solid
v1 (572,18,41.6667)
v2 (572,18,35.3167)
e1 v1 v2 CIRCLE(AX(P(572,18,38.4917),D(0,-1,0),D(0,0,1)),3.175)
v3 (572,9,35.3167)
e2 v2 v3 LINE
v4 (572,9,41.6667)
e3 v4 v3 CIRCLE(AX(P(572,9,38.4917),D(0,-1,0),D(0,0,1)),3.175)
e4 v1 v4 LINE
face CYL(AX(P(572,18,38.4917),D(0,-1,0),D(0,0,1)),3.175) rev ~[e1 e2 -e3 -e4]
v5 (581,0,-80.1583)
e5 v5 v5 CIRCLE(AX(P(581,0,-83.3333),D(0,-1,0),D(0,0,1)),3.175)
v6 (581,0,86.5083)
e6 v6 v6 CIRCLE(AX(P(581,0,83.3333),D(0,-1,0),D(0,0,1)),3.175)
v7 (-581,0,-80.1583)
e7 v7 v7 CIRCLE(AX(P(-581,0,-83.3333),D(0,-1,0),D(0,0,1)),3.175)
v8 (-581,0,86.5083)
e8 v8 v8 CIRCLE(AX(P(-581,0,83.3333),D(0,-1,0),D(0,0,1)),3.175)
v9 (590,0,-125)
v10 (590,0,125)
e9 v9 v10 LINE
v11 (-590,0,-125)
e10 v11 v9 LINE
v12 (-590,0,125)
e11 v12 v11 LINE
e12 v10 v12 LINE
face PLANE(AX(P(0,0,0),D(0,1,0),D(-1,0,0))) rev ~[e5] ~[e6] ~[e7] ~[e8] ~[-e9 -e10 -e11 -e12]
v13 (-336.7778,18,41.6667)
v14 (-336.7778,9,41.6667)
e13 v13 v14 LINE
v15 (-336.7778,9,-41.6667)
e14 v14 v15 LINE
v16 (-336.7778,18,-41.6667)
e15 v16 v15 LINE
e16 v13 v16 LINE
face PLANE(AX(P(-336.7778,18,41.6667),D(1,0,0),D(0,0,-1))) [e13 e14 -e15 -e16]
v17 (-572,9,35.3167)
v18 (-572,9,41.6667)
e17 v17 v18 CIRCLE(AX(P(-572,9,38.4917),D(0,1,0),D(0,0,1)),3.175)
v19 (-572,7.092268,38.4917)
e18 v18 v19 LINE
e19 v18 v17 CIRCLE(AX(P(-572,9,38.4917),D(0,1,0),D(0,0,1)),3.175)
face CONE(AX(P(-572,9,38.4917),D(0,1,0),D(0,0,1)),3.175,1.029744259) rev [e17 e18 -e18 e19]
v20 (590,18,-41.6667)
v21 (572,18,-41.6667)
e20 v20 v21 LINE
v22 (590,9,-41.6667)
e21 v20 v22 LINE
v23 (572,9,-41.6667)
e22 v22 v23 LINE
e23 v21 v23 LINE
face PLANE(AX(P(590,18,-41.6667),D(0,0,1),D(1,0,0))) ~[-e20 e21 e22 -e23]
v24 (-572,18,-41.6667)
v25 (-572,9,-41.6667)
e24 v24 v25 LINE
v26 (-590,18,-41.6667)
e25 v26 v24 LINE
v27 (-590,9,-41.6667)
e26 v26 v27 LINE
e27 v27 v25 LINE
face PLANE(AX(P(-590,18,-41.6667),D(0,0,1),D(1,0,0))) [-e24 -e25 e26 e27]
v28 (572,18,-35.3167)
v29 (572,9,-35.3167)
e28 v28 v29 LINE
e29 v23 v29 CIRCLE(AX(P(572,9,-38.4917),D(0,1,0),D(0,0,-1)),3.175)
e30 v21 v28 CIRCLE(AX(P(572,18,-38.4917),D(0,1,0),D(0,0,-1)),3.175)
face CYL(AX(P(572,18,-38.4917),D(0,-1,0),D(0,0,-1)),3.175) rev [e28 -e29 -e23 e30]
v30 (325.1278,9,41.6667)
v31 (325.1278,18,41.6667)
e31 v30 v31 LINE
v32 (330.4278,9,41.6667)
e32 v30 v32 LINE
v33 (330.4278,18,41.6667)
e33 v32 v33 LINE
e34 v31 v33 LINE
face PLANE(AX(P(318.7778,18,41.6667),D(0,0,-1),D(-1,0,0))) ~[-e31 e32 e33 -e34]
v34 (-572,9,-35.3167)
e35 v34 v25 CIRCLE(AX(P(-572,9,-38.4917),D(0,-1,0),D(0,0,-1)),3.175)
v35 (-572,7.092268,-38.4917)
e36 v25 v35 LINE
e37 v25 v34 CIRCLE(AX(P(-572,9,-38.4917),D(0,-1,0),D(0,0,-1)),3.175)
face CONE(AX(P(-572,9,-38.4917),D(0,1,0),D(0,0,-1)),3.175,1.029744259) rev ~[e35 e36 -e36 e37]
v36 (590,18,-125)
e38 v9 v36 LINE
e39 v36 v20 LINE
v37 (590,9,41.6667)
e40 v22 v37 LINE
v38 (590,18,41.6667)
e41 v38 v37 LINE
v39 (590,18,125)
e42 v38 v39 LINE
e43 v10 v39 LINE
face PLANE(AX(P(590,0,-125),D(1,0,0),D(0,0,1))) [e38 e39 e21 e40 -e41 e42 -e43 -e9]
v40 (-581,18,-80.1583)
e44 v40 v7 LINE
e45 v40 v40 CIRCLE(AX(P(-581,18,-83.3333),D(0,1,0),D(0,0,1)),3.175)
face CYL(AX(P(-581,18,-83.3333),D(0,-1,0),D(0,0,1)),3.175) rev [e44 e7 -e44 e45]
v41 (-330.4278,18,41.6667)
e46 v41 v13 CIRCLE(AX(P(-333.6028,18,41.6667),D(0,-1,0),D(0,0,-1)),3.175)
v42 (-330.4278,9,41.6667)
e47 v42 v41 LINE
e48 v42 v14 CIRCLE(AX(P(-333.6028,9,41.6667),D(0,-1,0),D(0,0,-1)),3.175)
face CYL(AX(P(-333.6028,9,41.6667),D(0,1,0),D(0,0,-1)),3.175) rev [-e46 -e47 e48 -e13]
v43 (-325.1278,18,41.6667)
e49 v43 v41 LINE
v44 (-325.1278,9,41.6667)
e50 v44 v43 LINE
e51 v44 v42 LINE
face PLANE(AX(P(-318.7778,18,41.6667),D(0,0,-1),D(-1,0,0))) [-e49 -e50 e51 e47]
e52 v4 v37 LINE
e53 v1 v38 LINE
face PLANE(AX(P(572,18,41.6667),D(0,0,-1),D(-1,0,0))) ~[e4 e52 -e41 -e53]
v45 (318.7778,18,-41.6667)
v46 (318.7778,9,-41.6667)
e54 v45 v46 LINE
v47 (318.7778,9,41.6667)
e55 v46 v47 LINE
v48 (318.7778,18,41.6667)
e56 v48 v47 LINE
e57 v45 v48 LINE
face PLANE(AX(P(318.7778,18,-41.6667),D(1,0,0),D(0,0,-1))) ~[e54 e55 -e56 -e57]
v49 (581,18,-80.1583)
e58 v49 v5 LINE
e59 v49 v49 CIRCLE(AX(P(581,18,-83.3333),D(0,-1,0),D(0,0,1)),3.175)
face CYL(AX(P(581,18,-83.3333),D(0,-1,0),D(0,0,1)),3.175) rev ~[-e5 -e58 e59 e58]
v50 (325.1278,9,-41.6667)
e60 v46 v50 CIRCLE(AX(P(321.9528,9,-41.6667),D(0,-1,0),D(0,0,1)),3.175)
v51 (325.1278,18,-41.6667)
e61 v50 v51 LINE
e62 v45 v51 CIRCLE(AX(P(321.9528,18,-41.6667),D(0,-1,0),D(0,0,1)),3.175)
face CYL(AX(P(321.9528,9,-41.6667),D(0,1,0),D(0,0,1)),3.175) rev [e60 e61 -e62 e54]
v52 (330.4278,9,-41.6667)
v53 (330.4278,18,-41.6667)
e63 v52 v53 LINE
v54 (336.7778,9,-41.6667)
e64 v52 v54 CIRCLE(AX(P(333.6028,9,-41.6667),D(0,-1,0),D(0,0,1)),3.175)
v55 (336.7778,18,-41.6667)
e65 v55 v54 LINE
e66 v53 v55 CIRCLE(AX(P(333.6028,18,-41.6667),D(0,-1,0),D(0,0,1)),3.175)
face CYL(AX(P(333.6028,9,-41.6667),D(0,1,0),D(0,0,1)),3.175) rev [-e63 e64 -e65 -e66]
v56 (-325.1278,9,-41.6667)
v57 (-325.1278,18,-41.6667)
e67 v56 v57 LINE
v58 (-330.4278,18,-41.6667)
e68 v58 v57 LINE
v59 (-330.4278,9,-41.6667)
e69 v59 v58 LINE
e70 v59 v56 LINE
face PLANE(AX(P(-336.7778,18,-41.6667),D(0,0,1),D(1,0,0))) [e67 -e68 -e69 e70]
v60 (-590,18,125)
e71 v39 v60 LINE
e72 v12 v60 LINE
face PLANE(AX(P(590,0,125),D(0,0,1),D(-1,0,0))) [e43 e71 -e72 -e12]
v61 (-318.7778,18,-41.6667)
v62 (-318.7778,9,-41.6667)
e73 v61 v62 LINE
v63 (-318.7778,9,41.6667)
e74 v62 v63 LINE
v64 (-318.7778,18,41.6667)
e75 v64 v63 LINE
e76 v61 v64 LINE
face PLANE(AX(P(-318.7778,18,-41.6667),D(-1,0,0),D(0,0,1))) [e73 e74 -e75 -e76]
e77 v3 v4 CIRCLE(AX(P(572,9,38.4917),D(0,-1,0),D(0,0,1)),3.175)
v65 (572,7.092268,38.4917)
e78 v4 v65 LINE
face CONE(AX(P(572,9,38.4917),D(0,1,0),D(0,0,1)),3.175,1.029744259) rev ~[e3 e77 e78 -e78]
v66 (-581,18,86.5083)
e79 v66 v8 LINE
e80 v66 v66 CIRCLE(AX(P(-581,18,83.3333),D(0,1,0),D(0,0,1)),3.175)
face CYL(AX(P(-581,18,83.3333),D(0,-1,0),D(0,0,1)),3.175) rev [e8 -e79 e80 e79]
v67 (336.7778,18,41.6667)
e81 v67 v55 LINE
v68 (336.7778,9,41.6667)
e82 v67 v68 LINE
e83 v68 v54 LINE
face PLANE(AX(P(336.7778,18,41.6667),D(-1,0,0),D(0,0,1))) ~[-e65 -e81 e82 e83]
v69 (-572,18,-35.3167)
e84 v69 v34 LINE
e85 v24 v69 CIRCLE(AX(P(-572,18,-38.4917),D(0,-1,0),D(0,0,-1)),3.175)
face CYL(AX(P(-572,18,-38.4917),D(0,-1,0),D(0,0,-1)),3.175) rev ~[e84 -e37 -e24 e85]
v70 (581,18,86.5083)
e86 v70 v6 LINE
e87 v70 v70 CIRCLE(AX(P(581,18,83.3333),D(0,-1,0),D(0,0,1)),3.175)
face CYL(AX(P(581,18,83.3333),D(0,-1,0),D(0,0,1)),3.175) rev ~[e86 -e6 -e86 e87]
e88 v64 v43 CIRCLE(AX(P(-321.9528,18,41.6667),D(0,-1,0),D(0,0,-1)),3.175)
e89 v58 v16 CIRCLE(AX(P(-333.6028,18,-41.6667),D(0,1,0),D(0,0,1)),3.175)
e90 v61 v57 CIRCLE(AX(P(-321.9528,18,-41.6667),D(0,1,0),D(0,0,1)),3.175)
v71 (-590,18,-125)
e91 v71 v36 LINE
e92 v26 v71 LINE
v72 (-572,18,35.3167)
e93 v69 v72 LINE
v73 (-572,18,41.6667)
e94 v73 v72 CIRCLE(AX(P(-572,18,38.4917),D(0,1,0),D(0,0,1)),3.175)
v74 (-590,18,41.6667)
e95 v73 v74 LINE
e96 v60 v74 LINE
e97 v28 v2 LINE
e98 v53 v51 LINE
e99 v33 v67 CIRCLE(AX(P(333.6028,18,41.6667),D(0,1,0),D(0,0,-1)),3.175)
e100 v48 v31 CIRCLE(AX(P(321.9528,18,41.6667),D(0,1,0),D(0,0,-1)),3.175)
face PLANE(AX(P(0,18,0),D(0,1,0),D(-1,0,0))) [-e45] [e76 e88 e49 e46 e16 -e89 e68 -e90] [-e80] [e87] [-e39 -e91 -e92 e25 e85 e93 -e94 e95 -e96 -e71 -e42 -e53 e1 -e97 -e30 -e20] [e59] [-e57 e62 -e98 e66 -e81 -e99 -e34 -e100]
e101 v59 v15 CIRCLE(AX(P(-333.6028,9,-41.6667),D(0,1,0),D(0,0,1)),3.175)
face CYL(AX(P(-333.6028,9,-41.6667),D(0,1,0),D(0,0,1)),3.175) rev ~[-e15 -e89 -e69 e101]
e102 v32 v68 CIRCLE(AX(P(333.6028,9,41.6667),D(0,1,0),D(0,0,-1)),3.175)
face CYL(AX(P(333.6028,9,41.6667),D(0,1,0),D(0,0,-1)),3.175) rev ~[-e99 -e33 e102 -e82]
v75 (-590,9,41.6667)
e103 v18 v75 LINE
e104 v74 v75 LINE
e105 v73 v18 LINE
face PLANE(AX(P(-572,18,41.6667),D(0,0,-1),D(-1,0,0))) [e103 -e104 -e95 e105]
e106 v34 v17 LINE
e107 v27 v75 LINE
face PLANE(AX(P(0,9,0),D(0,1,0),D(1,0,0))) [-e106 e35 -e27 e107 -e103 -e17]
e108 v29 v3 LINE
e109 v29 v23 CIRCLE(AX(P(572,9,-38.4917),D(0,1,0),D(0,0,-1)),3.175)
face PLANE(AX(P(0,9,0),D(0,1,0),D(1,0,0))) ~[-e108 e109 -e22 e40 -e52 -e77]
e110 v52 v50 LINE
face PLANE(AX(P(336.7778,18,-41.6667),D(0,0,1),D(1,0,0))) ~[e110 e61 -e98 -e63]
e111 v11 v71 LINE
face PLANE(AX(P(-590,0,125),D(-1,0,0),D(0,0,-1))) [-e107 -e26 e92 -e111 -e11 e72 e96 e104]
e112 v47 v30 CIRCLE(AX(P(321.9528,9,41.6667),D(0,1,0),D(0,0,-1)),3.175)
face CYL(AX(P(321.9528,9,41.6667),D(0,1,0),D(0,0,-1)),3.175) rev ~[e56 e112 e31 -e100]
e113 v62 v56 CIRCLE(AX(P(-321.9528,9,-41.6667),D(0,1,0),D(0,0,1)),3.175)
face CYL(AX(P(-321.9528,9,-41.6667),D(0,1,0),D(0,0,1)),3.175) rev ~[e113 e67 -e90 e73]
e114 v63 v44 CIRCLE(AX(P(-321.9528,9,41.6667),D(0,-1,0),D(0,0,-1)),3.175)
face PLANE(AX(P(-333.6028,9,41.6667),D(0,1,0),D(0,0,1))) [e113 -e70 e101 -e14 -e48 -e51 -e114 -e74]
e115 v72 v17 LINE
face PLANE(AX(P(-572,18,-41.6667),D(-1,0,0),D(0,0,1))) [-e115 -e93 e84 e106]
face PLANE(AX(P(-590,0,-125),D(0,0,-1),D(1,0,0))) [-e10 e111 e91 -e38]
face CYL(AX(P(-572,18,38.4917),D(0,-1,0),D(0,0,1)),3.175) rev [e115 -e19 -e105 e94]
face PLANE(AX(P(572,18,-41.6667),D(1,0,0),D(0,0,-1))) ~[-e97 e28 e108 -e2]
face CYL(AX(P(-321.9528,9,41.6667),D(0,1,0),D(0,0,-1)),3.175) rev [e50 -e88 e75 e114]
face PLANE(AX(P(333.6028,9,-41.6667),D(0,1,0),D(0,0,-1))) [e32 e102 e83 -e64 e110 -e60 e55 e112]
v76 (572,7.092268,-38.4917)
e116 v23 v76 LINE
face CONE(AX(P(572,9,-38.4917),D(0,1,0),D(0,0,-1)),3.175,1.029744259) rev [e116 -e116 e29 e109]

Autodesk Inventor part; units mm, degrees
ref_plane "YZ Plane" through (0, 0, 0) normal (1, 0, 0) x (0, 1, 0)
sketch "Sketch1" plane through (0, 0, 0) normal (0, 1, 0) x (-1, 0, 0)
  line L0 (590, -125) -> (-590, -125)
  line L1 (-590, -125) -> (-590, 125)
  line L2 (-590, 125) -> (590, 125)
  line L3 (590, 125) -> (590, -125)
  point P0 (0, 0)
  point P1 (0, 125)
  point P2 (-590, 0)
  dimension "d0" = 250
  dimension "d1" = 1180
extrude "Extrusion1" add sketch "Sketch1" along normal blind 18
sketch "Sketch2" plane through (0, 18, 0) normal (0, 1, 0) x (1, 0, 0)
  line L0 (590, 125) -> (-590, 125) projected
  line L1 (-590, 125) -> (-590, -125) projected
  line L2 (-590, -125) -> (590, -125) projected
  line L3 (590, -125) -> (590, 125) projected
  line L4 (-590, 41.6667) -> (-572, 41.6667)
  line L5 (-572, 41.6667) -> (-572, -41.6667)
  line L6 (-572, -41.6667) -> (-590, -41.6667)
  line L7 (-590, -41.6667) -> (-590, 41.6667)
  line L8 (-590, 125) -> (-590, -125) projected
  point P0 (0, 0)
  point P1 (-572, 0)
  point P2 (-590, 0)
  point P3 (-590, 0)
  point P4 (-590, 0)
  dimension "d4" = 18
  dimension "d5" = 83.3333
extrude "Extrusion2" cut sketch "Sketch2" against normal blind 9 contours L4 L5 L6 L1
ref_plane "Work Plane1" through (0, 0, 125) normal (-1, 0, 0) x (0, 0, 1)
mirror "Mirror1" about plane through (0, 0, 125) normal (-1, 0, 0) of "Extrusion2"
sketch "Sketch3" plane through (0, 18, 0) normal (0, 1, 0) x (1, 0, 0)
  line L0 (590, -41.6667) -> (572, -41.6667) projected
  line L1 (572, -41.6667) -> (572, 41.6667) projected
  line L2 (572, 41.6667) -> (590, 41.6667) projected
  line L3 (590, 41.6667) -> (590, 125) projected
  line L4 (590, 125) -> (-590, 125) projected
  line L5 (-590, 125) -> (-590, 41.6667) projected
  line L6 (-590, 41.6667) -> (-572, 41.6667) projected
  line L7 (-572, 41.6667) -> (-572, -41.6667) projected
  line L8 (-572, -41.6667) -> (-590, -41.6667) projected
  line L9 (-590, -41.6667) -> (-590, -125) projected
  line L10 (-590, -125) -> (590, -125) projected
  line L11 (590, -125) -> (590, -41.6667) projected
  line L12 (-336.7778, 41.6667) -> (-318.7778, 41.6667)
  line L13 (-318.7778, 41.6667) -> (-318.7778, -41.6667)
  line L14 (-318.7778, -41.6667) -> (-336.7778, -41.6667)
  line L15 (-336.7778, -41.6667) -> (-336.7778, 41.6667)
  line L16 (-318.7778, 41.6667) -> (-327.7778, 41.6667) construction
  point P0 (0, 0)
  point P1 (-318.7778, 0)
  point P2 (-572, 0)
  point P3 (-323.2778, 41.6667)
  point P4 (-327.7778, 41.6667)
  dimension "d9" = 18
  dimension "d10" = 83.3333
  dimension "d11" = 83.3333
  dimension "d15" = 9
  dimension "d16" = 262.2222
extrude "Extrusion3" cut sketch "Sketch3" against normal blind 9 contours L12 L13 L14 L15
mirror "Mirror2" about plane through (0, 0, 125) normal (-1, 0, 0) of "Extrusion3"
sketch "Sketch4" plane through (0, 18, 0) normal (0, 1, 0) x (1, 0, 0)
  line L0 (336.7778, 41.6667) -> (336.7778, -41.6667) projected
  line L1 (336.7778, -41.6667) -> (318.7778, -41.6667) projected
  line L2 (318.7778, -41.6667) -> (318.7778, 41.6667) projected
  line L3 (318.7778, 41.6667) -> (336.7778, 41.6667) projected
  line L4 (-336.7778, -41.6667) -> (-336.7778, 41.6667) projected
  line L5 (-336.7778, 41.6667) -> (-318.7778, 41.6667) projected
  line L6 (-318.7778, 41.6667) -> (-318.7778, -41.6667) projected
  line L7 (-318.7778, -41.6667) -> (-336.7778, -41.6667) projected
  line L8 (590, -41.6667) -> (572, -41.6667) projected
  line L9 (572, -41.6667) -> (572, 41.6667) projected
  line L10 (572, 41.6667) -> (590, 41.6667) projected
  line L11 (590, 41.6667) -> (590, 125) projected
  line L12 (590, 125) -> (-590, 125) projected
  line L13 (-590, 125) -> (-590, 41.6667) projected
  line L14 (-590, 41.6667) -> (-572, 41.6667) projected
  line L15 (-572, 41.6667) -> (-572, -41.6667) projected
  line L16 (-572, -41.6667) -> (-590, -41.6667) projected
  line L17 (-590, -41.6667) -> (-590, -125) projected
  line L18 (-590, -125) -> (590, -125) projected
  line L19 (590, -125) -> (590, -41.6667) projected
  point P0 (0, 0)
  point P1 (572, -38.4917)
  dimension "d17" = 3.175
hole "Hole1" at (572, 18, 38.4917) direction (0, -1, 0) diameter 6.35 depth 9 tip angle 118
ref_plane "Work Plane2" through (590, 9, 0) normal (0, 0, -1) x (-1, 0, 0)
mirror "Mirror3" about plane through (590, 9, 0) normal (0, 0, -1) of "Hole1"
mirror "Mirror4" about plane through (0, 0, 125) normal (-1, 0, 0) of "Hole1", "Mirror3"
sketch "Sketch5" plane through (318.7778, 9, -41.6667) normal (0, 1, 0) x (1, 0, 0)
  line L0 (18, 0) -> (18, -83.3333) projected
  line L1 (18, -83.3333) -> (0, -83.3333) projected
  line L2 (0, -83.3333) -> (0, 0) projected
  line L3 (0, 0) -> (18, 0) projected
  line L4 (-655.5556, -83.3333) -> (-655.5556, 0) projected
  line L5 (-655.5556, 0) -> (-637.5556, 0) projected
  line L6 (-637.5556, 0) -> (-637.5556, -83.3333) projected
  line L7 (-637.5556, -83.3333) -> (-655.5556, -83.3333) projected
  arc A0 (-890.7778, -6.35) -> (-890.7778, 0) centre (-890.7778, -3.175) ccw projected
  line L8 (-890.7778, -6.35) -> (-890.7778, -76.9833) projected
  arc A1 (-890.7778, -83.3333) -> (-890.7778, -76.9833) centre (-890.7778, -80.1583) ccw projected
  line L9 (-890.7778, -83.3333) -> (-908.7778, -83.3333) projected
  line L10 (-908.7778, -83.3333) -> (-908.7778, -166.6667) projected
  line L11 (-908.7778, -166.6667) -> (271.2222, -166.6667) projected
  line L12 (271.2222, -166.6667) -> (271.2222, -83.3333) projected
  line L13 (271.2222, -83.3333) -> (253.2222, -83.3333) projected
  arc A2 (253.2222, -76.9833) -> (253.2222, -83.3333) centre (253.2222, -80.1583) ccw projected
  line L14 (253.2222, -76.9833) -> (253.2222, -6.35) projected
  arc A3 (253.2222, 0) -> (253.2222, -6.35) centre (253.2222, -3.175) ccw projected
  line L15 (253.2222, 0) -> (271.2222, 0) projected
  line L16 (271.2222, 0) -> (271.2222, 83.3333) projected
  line L17 (271.2222, 83.3333) -> (-908.7778, 83.3333) projected
  line L18 (-908.7778, 83.3333) -> (-908.7778, 0) projected
  line L19 (-908.7778, 0) -> (-890.7778, 0) projected
  point P0 (-318.7778, -41.6667)
  point P1 (14.825, -83.3333)
  point P2 (3.175, -83.3333)
  dimension "d25" = 3.175
  dimension "d26" = 3.175
hole "Hole2" at (333.6028, 9, 41.6667) at (321.9528, 9, 41.6667) direction (0, 1, 0) diameter 6.35 depth 9 tip angle 118
mirror "Mirror5" about plane through (590, 9, 0) normal (0, 0, -1) of "Hole2"
mirror "Mirror6" about plane through (0, 0, 125) normal (-1, 0, 0) of "Hole2", "Mirror5"
sketch "Sketch7" plane through (0, 18, 0) normal (0, 1, 0) x (1, 0, 0)
  arc A0 (336.7778, 41.6667) -> (330.4278, 41.6667) centre (333.6028, 41.6667) ccw projected
  line L0 (336.7778, 41.6667) -> (336.7778, -41.6667) projected
  arc A1 (330.4278, -41.6667) -> (336.7778, -41.6667) centre (333.6028, -41.6667) ccw projected
  line L1 (330.4278, -41.6667) -> (325.1278, -41.6667) projected
  arc A2 (318.7778, -41.6667) -> (325.1278, -41.6667) centre (321.9528, -41.6667) ccw projected
  line L2 (318.7778, -41.6667) -> (318.7778, 41.6667) projected
  arc A3 (325.1278, 41.6667) -> (318.7778, 41.6667) centre (321.9528, 41.6667) ccw projected
  line L3 (325.1278, 41.6667) -> (330.4278, 41.6667) projected
  arc A4 (-572, 35.3167) -> (-572, 41.6667) centre (-572, 38.4917) ccw projected
  line L4 (-572, 35.3167) -> (-572, -35.3167) projected
  arc A5 (-572, -41.6667) -> (-572, -35.3167) centre (-572, -38.4917) ccw projected
  line L5 (-572, -41.6667) -> (-590, -41.6667) projected
  line L6 (-590, -41.6667) -> (-590, -125) projected
  line L7 (-590, -125) -> (590, -125) projected
  line L8 (590, -125) -> (590, -41.6667) projected
  line L9 (590, -41.6667) -> (572, -41.6667) projected
  arc A6 (572, -35.3167) -> (572, -41.6667) centre (572, -38.4917) ccw projected
  line L10 (572, -35.3167) -> (572, 35.3167) projected
  arc A7 (572, 41.6667) -> (572, 35.3167) centre (572, 38.4917) ccw projected
  line L11 (572, 41.6667) -> (590, 41.6667) projected
  line L12 (590, 41.6667) -> (590, 125) projected
  line L13 (590, 125) -> (-590, 125) projected
  line L14 (-590, 125) -> (-590, 41.6667) projected
  line L15 (-590, 41.6667) -> (-572, 41.6667) projected
  arc A8 (-330.4278, 41.6667) -> (-336.7778, 41.6667) centre (-333.6028, 41.6667) ccw projected
  line L16 (-330.4278, 41.6667) -> (-325.1278, 41.6667) projected
  arc A9 (-318.7778, 41.6667) -> (-325.1278, 41.6667) centre (-321.9528, 41.6667) ccw projected
  line L17 (-318.7778, 41.6667) -> (-318.7778, -41.6667) projected
  arc A10 (-325.1278, -41.6667) -> (-318.7778, -41.6667) centre (-321.9528, -41.6667) ccw projected
  line L18 (-325.1278, -41.6667) -> (-330.4278, -41.6667) projected
  arc A11 (-336.7778, -41.6667) -> (-330.4278, -41.6667) centre (-333.6028, -41.6667) ccw projected
  line L19 (-336.7778, -41.6667) -> (-336.7778, 41.6667) projected
  point P0 (0, 0)
  point P1 (581, -83.3333)
  point P2 (581, 83.3333)
  point P3 (590, 83.3333)
  point P4 (590, -83.3333)
  dimension "d34" = 9
  dimension "d35" = 9
hole "Hole3" at (581, 18, 83.3333) at (581, 18, -83.3333) direction (0, -1, 0) diameter 6.35 end through all
mirror "Mirror7" about plane through (0, 0, 125) normal (-1, 0, 0) of "Hole3"
equation "\"d0\" = shelfWidth"
equation "\"d1\" = shelfLength"
equation "\"d2\" = plyThickness"
equation "\"d4\" = plyThickness"
equation "\"d5\" = 0.333333 * shelfWidth"
equation "\"d7\" = 0.5 * plyThickness"
equation "\"d9\" = plyThickness"
equation "\"d10\" = 0.333333 * shelfWidth"
equation "\"d15\" = 0.5 * plyThickness"
equation "\"d16\" = 0.222222 * shelfLength"
equation "\"d13\" = 0.5 * plyThickness"
equation "\"d17\" = 0.5 * millDiameter"
equation "\"d18\" = millDiameter"
equation "\"d23\" = 0.5 * plyThickness"
equation "\"d25\" = 0.5 * millDiameter"
equation "\"d26\" = 0.5 * millDiameter"
equation "\"d27\" = millDiameter"
equation "\"d32\" = 0.5 * plyThickness"
equation "\"d34\" = 0.5 * plyThickness"
equation "\"d35\" = 0.5 * plyThickness"
equation "\"d36\" = millDiameter"
equation "\"d41\" = 0.5 * plyThickness"
equation "\"plyThickness\" = 18"
equation "\"legHeight\" = 702"
equation "\"millDiameter\" = 6.35"
equation "\"legTopTabHeight\" = 18"
equation "\"legTopSlotDepth\" = 49"
equation "\"shelfLength\" = 1180"
equation "\"shelfWidth\" = 250"
properties part number "shelfTop"
